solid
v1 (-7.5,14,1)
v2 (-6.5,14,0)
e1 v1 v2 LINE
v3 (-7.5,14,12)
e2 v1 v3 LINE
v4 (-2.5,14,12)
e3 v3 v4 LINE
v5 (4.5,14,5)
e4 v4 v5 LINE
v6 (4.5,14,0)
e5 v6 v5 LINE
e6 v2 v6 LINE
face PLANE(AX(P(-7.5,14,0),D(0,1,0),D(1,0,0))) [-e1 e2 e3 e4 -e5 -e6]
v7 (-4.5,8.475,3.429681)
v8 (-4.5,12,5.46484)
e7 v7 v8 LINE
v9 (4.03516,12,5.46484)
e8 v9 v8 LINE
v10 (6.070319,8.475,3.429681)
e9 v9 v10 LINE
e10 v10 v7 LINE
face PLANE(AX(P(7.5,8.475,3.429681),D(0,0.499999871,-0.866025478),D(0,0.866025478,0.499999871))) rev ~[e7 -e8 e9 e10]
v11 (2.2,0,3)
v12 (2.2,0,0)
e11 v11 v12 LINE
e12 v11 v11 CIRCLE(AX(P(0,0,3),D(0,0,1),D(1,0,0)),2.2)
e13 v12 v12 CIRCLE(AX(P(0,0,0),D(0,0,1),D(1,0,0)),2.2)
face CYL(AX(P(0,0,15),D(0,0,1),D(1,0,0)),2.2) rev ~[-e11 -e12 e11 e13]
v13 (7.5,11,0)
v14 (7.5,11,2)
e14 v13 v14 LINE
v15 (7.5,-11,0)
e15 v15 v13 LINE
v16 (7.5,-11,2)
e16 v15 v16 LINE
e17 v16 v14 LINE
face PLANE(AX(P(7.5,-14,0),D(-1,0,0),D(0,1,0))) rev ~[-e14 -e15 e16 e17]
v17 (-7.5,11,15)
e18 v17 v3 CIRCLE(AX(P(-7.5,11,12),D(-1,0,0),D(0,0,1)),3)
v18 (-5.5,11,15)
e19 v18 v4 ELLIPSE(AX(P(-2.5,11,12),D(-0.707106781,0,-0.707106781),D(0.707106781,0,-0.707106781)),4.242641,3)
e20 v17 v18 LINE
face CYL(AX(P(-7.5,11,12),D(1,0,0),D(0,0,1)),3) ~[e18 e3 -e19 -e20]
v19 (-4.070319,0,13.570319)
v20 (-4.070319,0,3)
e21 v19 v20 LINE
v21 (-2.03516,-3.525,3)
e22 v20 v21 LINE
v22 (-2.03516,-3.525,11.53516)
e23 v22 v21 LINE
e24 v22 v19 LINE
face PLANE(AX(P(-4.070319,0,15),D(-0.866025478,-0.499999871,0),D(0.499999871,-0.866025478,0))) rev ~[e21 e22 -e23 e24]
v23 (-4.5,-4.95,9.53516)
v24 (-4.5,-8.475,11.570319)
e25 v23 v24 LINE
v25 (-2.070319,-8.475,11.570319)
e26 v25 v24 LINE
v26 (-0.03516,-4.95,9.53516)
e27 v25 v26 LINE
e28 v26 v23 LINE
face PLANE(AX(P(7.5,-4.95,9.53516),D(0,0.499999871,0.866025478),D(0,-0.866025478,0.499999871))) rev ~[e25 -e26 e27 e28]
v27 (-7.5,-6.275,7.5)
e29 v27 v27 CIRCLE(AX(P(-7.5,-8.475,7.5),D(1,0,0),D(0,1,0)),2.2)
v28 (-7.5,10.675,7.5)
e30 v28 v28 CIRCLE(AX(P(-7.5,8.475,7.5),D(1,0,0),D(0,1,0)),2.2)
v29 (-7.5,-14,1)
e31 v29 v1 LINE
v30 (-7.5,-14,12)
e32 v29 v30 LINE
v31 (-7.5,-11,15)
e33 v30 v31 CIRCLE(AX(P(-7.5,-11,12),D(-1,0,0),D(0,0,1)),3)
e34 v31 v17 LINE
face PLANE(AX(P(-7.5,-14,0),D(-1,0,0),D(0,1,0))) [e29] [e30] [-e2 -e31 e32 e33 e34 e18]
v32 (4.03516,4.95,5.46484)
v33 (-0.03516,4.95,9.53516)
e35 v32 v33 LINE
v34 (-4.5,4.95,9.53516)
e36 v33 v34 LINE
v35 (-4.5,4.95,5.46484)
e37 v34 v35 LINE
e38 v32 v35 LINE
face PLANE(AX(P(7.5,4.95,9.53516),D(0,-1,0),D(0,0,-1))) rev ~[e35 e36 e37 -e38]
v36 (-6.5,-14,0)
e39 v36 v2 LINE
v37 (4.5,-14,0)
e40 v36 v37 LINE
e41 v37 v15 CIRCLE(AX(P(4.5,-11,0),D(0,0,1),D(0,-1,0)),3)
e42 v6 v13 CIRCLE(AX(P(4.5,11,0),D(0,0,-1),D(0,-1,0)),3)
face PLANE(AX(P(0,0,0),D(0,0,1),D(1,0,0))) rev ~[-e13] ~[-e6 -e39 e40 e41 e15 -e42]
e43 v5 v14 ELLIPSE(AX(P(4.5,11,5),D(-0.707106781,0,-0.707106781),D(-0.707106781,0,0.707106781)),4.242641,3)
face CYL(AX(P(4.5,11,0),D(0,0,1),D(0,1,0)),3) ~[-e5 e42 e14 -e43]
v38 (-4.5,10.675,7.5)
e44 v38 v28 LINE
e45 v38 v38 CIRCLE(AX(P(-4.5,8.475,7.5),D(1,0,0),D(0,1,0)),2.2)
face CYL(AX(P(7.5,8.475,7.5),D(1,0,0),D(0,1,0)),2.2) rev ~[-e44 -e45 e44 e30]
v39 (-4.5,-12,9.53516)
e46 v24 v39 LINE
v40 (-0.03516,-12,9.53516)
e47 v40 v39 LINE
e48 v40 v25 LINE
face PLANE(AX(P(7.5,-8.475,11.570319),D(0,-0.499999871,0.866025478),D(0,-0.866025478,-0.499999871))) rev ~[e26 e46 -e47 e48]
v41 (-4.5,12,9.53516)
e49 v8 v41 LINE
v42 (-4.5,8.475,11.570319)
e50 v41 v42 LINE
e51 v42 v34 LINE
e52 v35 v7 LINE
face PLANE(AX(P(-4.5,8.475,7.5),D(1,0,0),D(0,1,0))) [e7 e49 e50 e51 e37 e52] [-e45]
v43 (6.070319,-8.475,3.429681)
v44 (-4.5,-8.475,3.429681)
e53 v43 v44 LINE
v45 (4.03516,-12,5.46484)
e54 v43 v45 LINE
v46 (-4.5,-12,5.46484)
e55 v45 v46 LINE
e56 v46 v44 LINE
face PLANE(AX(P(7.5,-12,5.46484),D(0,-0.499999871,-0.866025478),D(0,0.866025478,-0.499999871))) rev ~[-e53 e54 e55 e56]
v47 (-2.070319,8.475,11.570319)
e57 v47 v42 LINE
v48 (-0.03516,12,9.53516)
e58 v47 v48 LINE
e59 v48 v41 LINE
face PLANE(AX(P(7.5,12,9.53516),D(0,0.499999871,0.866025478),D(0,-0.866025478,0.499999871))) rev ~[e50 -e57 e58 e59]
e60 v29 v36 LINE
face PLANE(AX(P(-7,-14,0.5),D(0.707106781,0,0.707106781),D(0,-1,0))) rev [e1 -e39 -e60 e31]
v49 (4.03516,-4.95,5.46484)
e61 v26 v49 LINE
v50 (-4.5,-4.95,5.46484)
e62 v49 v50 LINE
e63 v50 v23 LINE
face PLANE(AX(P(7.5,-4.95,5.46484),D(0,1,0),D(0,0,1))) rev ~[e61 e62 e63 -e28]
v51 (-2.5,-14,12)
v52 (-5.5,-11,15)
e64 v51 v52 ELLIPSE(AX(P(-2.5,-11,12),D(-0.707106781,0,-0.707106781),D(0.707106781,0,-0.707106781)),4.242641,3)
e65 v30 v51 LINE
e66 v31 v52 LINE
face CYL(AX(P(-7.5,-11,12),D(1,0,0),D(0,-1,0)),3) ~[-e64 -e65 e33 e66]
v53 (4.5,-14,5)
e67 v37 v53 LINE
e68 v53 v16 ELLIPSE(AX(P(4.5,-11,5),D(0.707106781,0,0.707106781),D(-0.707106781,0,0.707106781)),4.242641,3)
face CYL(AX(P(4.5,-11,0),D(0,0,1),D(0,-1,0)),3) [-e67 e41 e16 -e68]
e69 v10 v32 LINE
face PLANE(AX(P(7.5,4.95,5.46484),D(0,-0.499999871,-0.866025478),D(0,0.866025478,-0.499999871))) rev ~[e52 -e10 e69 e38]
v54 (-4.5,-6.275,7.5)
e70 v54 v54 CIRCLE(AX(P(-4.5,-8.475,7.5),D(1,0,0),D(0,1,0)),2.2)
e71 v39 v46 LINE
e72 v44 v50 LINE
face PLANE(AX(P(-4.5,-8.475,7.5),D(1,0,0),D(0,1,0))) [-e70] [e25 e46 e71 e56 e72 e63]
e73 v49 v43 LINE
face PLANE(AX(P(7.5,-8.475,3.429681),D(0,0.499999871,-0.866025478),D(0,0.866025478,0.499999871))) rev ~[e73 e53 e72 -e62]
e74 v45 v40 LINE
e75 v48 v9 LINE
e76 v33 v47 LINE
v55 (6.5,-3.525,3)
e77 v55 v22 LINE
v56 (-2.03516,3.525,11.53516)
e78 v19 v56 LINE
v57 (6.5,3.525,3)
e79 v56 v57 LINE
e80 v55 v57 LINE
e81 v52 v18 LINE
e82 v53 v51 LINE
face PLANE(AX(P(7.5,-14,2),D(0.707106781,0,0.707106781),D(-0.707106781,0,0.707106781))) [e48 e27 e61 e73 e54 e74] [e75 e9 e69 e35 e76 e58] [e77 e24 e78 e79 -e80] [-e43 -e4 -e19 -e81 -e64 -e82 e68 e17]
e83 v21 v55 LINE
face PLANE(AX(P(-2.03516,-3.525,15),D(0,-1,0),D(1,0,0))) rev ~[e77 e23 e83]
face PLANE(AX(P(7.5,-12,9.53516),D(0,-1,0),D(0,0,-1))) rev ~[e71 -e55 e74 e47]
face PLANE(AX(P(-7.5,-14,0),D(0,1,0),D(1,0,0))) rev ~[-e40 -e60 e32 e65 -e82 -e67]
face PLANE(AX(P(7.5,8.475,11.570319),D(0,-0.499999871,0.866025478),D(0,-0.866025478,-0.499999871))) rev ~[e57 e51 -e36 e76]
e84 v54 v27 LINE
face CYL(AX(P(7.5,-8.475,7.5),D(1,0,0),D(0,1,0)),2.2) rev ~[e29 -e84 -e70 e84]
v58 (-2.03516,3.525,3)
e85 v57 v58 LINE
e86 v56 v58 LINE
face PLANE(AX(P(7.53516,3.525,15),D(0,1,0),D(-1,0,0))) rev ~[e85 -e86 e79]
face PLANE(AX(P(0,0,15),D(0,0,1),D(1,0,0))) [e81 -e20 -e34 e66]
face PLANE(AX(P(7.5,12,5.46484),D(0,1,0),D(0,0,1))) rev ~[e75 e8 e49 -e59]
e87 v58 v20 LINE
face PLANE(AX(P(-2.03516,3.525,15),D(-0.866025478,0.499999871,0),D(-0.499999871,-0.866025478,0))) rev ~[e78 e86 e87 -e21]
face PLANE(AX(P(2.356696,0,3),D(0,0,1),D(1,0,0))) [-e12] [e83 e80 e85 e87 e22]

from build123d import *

# Parameters (mm, degrees)
SKETCH_W        = 15
SKETCH_H        = 28
PAD_DEPTH       = 15
SKETCH001_R     = 2.2
POCKET_DEPTH    = 15.001
POCKET001_DEPTH = 12
SKETCH003_R     = 2.2
POCKET002_DEPTH = 15.001
POCKET003_DEPTH = 12
POCKET004_DEPTH = 28.001
FILLET_R        = 3
CHAMFER_SIZE    = 1


with BuildPart() as part:
    # Sketch → Pad (new body)
    with BuildSketch(Plane.XY):
        Rectangle(SKETCH_W, SKETCH_H)
    extrude(amount=PAD_DEPTH)

    # Sketch001 → Pocket (cut, through all)
    with BuildSketch(Plane.YZ.offset(7.5)):
        with Locations((-8.475, 7.5)):
            Circle(SKETCH001_R)
        with Locations((8.475, 7.5)):
            Circle(SKETCH001_R)
    extrude(amount=-POCKET_DEPTH, mode=Mode.SUBTRACT)

    # Sketch002 → Pocket001 (cut)
    with BuildSketch(Plane.YZ.offset(7.5)):
        Polygon((-8.475, 3.429681), (-4.95, 5.46484), (-4.95, 9.53516), (-8.475, 11.570319), (-12, 9.53516), (-12, 5.46484), align=None)
        Polygon((8.475, 3.429681), (12, 5.46484), (12, 9.53516), (8.475, 11.570319), (4.95, 9.53516), (4.95, 5.46484), align=None)
    extrude(amount=-POCKET001_DEPTH, mode=Mode.SUBTRACT)

    # Sketch003 → Pocket002 (cut, through all)
    with BuildSketch(Plane.XY.offset(15)):
        Circle(SKETCH003_R)
    extrude(amount=-POCKET002_DEPTH, mode=Mode.SUBTRACT)

    # Sketch004 → Pocket003 (cut)
    with BuildSketch(Plane.XY.offset(15)):
        Polygon((2.03516, 3.525), (-2.03516, 3.525), (-4.070319, 0), (-2.03516, -3.525), (2.03516, -3.525), (7.53516, -3.525), (7.53516, 3.525), align=None)
    extrude(amount=-POCKET003_DEPTH, mode=Mode.SUBTRACT)

    # Sketch005 → Pocket004 (cut, through all)
    with BuildSketch(Plane.XZ.offset(14)):
        Polygon((7.5, 15), (7.5, 2), (-5.5, 15), align=None)
    extrude(amount=-POCKET004_DEPTH, mode=Mode.SUBTRACT)

    # Fillet
    fillet_edges = [part.edges().sort_by_distance(p)[0] for p in [
        (7.5, 14, 1),
        (7.5, -14, 1),
        (-6.5, -14, 15),
        (-6.5, 14, 15),
    ]]
    fillet(fillet_edges, radius=FILLET_R)

    # Chamfer
    chamfer_edges = [part.edges().sort_by_distance(p)[0] for p in [
        (-7.5, 0, 0),
    ]]
    chamfer(chamfer_edges, length=CHAMFER_SIZE)


solid = part.part
